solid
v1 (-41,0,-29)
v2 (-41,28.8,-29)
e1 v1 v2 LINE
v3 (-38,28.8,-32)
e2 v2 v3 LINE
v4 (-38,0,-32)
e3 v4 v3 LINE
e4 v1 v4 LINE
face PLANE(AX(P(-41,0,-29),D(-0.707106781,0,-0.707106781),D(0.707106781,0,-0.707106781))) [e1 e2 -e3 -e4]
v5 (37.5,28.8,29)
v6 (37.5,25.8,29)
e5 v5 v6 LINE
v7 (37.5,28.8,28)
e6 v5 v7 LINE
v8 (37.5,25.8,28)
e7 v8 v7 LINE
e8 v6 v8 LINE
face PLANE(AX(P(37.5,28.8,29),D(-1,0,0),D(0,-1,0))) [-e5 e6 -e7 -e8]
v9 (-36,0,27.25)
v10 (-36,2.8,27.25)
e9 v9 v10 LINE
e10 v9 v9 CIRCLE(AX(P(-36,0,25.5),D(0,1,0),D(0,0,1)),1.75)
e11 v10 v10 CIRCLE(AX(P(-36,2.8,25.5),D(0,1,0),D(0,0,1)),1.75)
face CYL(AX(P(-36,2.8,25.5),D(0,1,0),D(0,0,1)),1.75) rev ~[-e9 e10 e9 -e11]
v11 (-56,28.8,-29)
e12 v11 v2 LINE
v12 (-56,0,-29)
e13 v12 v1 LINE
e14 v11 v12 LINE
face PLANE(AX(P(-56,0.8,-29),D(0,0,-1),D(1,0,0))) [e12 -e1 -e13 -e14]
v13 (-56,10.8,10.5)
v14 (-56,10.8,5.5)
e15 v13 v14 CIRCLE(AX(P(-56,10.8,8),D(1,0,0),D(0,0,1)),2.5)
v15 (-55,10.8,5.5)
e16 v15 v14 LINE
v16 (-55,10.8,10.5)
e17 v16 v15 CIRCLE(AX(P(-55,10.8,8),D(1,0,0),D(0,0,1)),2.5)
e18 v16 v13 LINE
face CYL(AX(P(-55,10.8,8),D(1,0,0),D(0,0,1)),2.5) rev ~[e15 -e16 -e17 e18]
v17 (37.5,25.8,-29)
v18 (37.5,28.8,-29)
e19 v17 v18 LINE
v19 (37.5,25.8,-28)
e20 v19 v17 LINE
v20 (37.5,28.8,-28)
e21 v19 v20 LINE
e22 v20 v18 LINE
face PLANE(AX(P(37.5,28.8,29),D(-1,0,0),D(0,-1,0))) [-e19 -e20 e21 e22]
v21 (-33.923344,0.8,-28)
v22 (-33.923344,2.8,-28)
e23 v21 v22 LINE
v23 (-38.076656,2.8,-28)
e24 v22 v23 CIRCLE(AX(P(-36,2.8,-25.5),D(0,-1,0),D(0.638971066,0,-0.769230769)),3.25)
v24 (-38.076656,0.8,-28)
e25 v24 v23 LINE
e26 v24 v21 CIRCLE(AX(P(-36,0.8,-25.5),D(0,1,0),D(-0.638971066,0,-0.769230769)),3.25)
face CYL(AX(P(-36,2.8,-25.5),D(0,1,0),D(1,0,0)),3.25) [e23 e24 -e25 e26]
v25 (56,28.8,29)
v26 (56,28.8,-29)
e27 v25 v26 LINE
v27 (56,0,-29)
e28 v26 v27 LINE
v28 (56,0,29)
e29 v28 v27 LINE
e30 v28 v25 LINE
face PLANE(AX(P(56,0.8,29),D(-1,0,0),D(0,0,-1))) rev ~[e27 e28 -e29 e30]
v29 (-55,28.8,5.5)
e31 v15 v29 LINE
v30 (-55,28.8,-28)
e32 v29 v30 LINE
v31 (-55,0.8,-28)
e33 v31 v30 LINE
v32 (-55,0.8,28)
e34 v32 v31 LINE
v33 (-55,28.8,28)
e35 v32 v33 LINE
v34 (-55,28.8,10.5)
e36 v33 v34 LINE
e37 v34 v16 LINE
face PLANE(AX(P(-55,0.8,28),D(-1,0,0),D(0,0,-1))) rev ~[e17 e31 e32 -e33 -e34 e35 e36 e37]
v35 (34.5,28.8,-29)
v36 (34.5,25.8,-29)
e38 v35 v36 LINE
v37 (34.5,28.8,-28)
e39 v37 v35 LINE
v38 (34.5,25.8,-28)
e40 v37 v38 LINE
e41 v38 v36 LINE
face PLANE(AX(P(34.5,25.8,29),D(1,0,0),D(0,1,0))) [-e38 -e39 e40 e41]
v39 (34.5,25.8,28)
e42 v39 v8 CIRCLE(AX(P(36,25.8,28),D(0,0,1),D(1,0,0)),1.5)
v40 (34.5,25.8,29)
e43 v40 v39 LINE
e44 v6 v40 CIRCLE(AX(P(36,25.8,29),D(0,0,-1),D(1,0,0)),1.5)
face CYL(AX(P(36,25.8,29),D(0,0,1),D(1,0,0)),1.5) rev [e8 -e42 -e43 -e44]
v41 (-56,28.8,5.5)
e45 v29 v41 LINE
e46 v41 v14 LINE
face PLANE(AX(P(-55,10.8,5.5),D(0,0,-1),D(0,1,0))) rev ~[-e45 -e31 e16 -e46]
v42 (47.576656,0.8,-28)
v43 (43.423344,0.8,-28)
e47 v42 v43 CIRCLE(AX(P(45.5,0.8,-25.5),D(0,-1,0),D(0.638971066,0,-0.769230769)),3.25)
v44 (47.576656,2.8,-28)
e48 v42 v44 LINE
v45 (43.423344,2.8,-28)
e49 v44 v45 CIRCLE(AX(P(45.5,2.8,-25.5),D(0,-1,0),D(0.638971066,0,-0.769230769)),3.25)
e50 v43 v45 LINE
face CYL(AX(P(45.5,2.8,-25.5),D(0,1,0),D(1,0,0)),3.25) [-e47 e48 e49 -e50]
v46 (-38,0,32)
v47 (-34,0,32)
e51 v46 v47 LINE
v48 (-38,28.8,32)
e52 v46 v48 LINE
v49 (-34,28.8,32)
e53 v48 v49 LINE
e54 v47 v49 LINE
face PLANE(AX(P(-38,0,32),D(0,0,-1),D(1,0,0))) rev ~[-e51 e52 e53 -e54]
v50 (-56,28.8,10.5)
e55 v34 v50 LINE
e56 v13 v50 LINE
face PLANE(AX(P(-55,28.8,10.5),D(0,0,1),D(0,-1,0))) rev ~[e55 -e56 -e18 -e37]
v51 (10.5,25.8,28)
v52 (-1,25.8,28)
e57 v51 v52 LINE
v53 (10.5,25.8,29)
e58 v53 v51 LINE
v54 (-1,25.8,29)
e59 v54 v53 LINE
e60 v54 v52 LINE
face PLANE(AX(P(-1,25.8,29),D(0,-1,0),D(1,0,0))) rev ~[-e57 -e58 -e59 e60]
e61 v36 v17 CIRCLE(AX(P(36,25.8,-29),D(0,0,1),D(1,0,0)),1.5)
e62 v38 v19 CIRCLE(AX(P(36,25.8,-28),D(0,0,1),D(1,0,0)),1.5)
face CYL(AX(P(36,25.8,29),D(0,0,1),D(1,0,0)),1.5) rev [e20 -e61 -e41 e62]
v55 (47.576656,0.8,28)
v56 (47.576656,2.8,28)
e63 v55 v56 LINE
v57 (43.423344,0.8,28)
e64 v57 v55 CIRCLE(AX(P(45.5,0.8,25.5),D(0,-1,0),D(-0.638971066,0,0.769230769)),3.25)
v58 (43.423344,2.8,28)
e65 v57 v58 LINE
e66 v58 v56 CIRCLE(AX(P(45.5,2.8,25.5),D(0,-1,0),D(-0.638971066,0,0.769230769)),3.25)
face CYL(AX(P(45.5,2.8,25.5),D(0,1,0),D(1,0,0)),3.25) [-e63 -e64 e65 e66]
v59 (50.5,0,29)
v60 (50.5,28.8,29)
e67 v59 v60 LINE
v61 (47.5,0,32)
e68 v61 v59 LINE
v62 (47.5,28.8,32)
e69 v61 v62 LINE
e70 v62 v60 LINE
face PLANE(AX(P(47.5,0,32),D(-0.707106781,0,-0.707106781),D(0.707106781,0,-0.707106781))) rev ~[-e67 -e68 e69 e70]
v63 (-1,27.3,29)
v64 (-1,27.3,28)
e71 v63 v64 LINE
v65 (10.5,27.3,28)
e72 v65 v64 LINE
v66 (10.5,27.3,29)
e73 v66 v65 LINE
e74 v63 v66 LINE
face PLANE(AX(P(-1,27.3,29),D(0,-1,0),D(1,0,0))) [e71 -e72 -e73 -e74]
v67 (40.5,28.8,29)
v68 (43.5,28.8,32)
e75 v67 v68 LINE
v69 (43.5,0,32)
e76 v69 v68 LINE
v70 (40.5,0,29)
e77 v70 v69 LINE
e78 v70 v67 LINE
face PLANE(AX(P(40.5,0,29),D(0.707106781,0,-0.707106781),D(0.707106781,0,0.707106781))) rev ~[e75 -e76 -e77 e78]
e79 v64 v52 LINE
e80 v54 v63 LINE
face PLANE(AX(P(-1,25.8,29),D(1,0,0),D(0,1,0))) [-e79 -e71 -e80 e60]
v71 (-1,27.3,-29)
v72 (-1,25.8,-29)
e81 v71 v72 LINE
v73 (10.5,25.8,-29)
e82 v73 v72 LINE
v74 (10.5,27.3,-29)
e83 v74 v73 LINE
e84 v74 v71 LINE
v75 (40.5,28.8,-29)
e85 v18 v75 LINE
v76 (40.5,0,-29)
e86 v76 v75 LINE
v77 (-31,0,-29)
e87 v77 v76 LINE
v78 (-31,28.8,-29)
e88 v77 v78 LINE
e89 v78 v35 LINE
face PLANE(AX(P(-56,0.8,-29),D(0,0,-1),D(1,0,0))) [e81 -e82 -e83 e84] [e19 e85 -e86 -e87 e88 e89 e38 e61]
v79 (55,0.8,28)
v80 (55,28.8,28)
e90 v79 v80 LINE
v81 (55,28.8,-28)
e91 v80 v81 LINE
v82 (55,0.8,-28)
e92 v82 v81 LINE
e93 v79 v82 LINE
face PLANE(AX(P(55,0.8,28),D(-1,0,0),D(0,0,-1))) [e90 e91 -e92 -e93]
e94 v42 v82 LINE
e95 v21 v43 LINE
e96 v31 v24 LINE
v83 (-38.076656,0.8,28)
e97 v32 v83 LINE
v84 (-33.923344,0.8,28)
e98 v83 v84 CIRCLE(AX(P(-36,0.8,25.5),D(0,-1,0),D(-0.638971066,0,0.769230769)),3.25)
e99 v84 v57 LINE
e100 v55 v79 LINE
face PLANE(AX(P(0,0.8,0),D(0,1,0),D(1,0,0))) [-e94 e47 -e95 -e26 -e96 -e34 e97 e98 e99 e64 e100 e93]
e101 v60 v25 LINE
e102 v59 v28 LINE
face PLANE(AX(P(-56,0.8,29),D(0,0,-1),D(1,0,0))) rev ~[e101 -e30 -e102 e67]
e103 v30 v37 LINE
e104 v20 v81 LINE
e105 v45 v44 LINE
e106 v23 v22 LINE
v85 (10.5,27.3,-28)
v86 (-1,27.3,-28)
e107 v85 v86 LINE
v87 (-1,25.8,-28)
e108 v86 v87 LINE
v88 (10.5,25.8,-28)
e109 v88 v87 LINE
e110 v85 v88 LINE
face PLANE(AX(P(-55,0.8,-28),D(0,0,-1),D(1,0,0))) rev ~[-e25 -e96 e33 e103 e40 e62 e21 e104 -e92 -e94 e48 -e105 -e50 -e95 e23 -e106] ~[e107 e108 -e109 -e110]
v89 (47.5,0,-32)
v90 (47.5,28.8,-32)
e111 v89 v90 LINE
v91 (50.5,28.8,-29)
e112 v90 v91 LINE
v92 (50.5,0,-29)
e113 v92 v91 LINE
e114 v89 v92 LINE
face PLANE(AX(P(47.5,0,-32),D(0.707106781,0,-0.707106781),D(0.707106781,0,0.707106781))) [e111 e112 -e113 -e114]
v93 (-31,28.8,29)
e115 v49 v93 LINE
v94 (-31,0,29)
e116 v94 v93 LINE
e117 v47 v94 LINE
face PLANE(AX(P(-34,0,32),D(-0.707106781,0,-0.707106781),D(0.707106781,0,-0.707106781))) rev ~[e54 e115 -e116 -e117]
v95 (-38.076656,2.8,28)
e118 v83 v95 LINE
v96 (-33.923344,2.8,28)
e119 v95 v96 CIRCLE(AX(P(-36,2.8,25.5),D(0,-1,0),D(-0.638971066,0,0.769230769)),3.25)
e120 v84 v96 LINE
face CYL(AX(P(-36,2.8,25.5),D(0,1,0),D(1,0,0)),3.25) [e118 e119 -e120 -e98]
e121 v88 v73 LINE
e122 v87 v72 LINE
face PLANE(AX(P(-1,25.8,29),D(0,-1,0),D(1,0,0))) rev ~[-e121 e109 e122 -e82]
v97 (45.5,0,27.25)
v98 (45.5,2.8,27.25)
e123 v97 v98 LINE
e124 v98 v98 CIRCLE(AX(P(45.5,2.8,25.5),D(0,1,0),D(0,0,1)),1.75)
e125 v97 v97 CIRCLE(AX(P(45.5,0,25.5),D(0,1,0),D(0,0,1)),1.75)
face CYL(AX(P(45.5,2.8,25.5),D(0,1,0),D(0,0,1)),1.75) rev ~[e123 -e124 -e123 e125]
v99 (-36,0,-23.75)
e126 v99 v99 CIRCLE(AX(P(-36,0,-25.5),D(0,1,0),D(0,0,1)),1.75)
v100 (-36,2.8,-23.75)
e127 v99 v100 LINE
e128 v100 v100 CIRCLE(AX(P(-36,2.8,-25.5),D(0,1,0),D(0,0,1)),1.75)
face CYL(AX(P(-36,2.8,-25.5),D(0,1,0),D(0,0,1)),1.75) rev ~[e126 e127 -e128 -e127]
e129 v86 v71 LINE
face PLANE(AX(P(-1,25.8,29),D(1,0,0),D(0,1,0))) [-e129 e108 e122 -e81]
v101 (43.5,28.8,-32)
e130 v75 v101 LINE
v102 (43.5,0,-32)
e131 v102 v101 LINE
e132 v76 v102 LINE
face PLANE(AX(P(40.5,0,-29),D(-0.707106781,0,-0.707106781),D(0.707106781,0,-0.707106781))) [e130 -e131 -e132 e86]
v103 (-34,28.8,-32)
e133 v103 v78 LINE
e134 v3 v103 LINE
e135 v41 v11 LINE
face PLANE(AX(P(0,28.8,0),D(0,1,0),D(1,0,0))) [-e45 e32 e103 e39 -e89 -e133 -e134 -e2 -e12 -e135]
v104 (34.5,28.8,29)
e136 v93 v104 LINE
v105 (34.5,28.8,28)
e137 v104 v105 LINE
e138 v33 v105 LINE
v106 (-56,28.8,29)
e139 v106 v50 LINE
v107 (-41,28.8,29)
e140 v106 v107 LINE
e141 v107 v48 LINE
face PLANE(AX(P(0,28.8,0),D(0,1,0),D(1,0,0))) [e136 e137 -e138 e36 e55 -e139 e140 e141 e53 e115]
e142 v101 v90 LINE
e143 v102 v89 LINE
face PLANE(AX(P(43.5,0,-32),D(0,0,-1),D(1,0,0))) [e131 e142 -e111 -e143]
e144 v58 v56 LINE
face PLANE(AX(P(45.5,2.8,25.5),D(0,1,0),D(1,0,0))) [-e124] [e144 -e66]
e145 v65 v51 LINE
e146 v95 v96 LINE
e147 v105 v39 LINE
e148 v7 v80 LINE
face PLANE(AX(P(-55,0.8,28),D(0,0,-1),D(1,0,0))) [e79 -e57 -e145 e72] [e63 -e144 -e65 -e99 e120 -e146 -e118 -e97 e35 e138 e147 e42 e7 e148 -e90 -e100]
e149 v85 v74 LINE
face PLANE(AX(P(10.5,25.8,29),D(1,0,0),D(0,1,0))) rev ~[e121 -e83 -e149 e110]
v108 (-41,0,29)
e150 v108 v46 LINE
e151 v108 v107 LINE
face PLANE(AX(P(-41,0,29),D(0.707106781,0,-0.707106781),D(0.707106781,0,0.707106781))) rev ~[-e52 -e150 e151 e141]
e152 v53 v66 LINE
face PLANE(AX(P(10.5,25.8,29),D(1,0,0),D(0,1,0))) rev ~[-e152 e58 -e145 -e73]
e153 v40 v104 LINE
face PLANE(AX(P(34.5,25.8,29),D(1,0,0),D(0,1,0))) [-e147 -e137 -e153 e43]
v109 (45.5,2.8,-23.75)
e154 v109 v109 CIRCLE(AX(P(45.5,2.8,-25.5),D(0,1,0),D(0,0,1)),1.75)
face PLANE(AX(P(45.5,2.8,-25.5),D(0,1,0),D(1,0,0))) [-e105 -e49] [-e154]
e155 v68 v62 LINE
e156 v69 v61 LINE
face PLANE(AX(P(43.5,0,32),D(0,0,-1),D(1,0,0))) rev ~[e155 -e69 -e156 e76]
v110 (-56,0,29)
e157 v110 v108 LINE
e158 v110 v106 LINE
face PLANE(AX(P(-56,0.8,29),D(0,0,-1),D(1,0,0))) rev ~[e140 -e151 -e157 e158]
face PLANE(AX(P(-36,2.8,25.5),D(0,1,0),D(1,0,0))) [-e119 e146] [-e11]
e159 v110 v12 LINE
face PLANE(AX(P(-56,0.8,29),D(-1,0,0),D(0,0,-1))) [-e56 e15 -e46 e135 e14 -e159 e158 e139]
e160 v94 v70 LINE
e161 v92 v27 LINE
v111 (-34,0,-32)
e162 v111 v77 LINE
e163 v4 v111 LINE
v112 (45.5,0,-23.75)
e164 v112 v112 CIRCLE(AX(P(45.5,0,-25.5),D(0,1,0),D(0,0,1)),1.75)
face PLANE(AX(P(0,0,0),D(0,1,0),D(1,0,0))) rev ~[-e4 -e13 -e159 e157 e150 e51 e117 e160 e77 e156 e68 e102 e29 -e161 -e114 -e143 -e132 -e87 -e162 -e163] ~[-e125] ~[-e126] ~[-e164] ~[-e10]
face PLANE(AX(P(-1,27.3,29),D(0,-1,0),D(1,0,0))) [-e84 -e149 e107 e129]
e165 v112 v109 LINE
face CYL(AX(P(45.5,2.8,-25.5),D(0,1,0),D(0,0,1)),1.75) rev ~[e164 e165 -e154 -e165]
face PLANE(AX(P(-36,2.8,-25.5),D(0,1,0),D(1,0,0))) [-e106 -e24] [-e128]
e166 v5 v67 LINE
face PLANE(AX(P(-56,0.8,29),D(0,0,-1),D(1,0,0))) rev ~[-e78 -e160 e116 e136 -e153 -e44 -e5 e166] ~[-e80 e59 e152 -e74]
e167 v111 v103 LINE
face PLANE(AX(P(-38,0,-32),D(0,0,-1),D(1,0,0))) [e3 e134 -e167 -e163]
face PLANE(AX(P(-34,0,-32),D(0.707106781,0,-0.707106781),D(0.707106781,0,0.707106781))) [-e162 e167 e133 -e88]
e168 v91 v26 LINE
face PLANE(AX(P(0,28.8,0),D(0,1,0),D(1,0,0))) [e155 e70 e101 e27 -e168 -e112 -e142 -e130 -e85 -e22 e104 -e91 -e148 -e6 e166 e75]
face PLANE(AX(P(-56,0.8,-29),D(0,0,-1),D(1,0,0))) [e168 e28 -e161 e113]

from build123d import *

# Parameters (mm, degrees)
SKETCH1_W           = 112
SKETCH1_H           = 58
BOSS_EXTRUDE1_DEPTH = 0.8
SKETCH2_W           = 112
SKETCH2_H           = 58
SKETCH2_W_2         = 110
SKETCH2_H_2         = 56
BOSS_EXTRUDE2_DEPTH = 28
SKETCH3_R           = 1.75
CUT_EXTRUDE1_DEPTH  = 28
BOSS_EXTRUDE3_START = 2
SKETCH4_R           = 3.25
SKETCH4_R_2         = 1.75
BOSS_EXTRUDE3_DEPTH = 2
CUT_EXTRUDE2_DEPTH  = 2
CUT_EXTRUDE3_DEPTH  = 72
BOSS_EXTRUDE4_DEPTH = 28.8
SKETCH8_W           = 11.5
SKETCH8_H           = 1.5
CUT_EXTRUDE4_DEPTH  = 70


with BuildPart() as part:
    # Sketch1 → Boss-Extrude1 (new body)
    with BuildSketch(Plane(origin=(0, 0, 0), x_dir=(1, 0, 0), z_dir=(0, 1, 0))):
        Rectangle(SKETCH1_W, SKETCH1_H)
    extrude(amount=BOSS_EXTRUDE1_DEPTH)

    # Sketch2 → Boss-Extrude2 (add)
    with BuildSketch(Plane(origin=(0, 0.8, 0), x_dir=(1, 0, 0), z_dir=(0, 1, 0))):
        Rectangle(SKETCH2_W, SKETCH2_H)
        Rectangle(SKETCH2_W_2, SKETCH2_H_2, mode=Mode.SUBTRACT)
    extrude(amount=BOSS_EXTRUDE2_DEPTH)

    # Sketch3 → Cut-Extrude1 (cut)
    with BuildSketch(Plane(origin=(0, 0.8, 0), x_dir=(1, 0, 0), z_dir=(0, 1, 0))):
        with Locations(Location((-36, 25.5, 0), (0, 0, 270))):
            Circle(SKETCH3_R)
        with Locations(Location((-36, -25.5, 0), (0, 0, 270))):
            Circle(SKETCH3_R)
        with Locations(Location((45.5, 25.5, 0), (0, 0, 270))):
            Circle(SKETCH3_R)
        with Locations(Location((45.5, -25.5, 0), (0, 0, 270))):
            Circle(SKETCH3_R)
    extrude(amount=-CUT_EXTRUDE1_DEPTH, mode=Mode.SUBTRACT)

    # Sketch4 → Boss-Extrude3 (add)
    # profile 1 of 4: a face of its own
    with BuildSketch(Plane(origin=(0, 0.8, 0), x_dir=(1, 0, 0), z_dir=(0, 1, 0)).offset(BOSS_EXTRUDE3_START)):
        with Locations((-36, 25.5)):
            Circle(SKETCH4_R)
        with Locations(Location((-36, 25.5, 0), (0, 0, 270))):
            Circle(SKETCH4_R_2, mode=Mode.SUBTRACT)
    # profile 2 of 4: a face of its own
    with BuildSketch(Plane(origin=(0, 0.8, 0), x_dir=(1, 0, 0), z_dir=(0, 1, 0)).offset(BOSS_EXTRUDE3_START)):
        with Locations((45.5, 25.5)):
            Circle(SKETCH4_R)
        with Locations(Location((45.5, 25.5, 0), (0, 0, 270))):
            Circle(SKETCH4_R_2, mode=Mode.SUBTRACT)
    # profile 3 of 4: a face of its own
    with BuildSketch(Plane(origin=(0, 0.8, 0), x_dir=(1, 0, 0), z_dir=(0, 1, 0)).offset(BOSS_EXTRUDE3_START)):
        with Locations((-36, -25.5)):
            Circle(SKETCH4_R)
        with Locations(Location((-36, -25.5, 0), (0, 0, 270))):
            Circle(SKETCH4_R_2, mode=Mode.SUBTRACT)
    # profile 4 of 4: a face of its own
    with BuildSketch(Plane(origin=(0, 0.8, 0), x_dir=(1, 0, 0), z_dir=(0, 1, 0)).offset(BOSS_EXTRUDE3_START)):
        with Locations((45.5, -25.5)):
            Circle(SKETCH4_R)
        with Locations(Location((45.5, -25.5, 0), (0, 0, 270))):
            Circle(SKETCH4_R_2, mode=Mode.SUBTRACT)
    extrude(amount=-BOSS_EXTRUDE3_DEPTH)

    # Sketch5 → Cut-Extrude2 (cut)
    with BuildSketch(Plane(origin=(-55, 0, 0), x_dir=(0, 0, -1), z_dir=(1, 0, 0))):
        with BuildLine():
            Line((-10.5, 28.8), (-10.5, 10.8))
            ThreePointArc((-10.5, 10.8), (-8, 8.3), (-5.5, 10.8))
            Line((-5.5, 10.8), (-5.5, 28.8))
            Line((-5.5, 28.8), (-10.5, 28.8))
        make_face()
    extrude(amount=-CUT_EXTRUDE2_DEPTH, mode=Mode.SUBTRACT)

    # Sketch6 → Cut-Extrude3 (cut)
    with BuildSketch(Plane.XY.offset(29)):
        with BuildLine():
            Line((34.5, 25.8), (34.5, 28.8))
            Line((34.5, 28.8), (37.5, 28.8))
            Line((37.5, 28.8), (37.5, 25.8))
            ThreePointArc((37.5, 25.8), (36, 24.3), (34.5, 25.8))
        make_face()
    extrude(amount=-CUT_EXTRUDE3_DEPTH, mode=Mode.SUBTRACT)

    # Sketch7 → Boss-Extrude4 (add)
    with BuildSketch(Plane.XZ):
        Polygon((-41, 29), (-38, 32), (-34, 32), (-31, 29), align=None)
        Polygon((40.5, 29), (43.5, 32), (47.5, 32), (50.5, 29), align=None)
        Polygon((-41, -29), (-38, -32), (-34, -32), (-31, -29), align=None)
        Polygon((40.5, -29), (43.5, -32), (47.5, -32), (50.5, -29), align=None)
    extrude(amount=-BOSS_EXTRUDE4_DEPTH)

    # Sketch8 → Cut-Extrude4 (cut)
    with BuildSketch(Plane.XY.offset(29)):
        with Locations((4.75, 26.55)):
            Rectangle(SKETCH8_W, SKETCH8_H)
    extrude(amount=-CUT_EXTRUDE4_DEPTH, mode=Mode.SUBTRACT)


solid = part.part
